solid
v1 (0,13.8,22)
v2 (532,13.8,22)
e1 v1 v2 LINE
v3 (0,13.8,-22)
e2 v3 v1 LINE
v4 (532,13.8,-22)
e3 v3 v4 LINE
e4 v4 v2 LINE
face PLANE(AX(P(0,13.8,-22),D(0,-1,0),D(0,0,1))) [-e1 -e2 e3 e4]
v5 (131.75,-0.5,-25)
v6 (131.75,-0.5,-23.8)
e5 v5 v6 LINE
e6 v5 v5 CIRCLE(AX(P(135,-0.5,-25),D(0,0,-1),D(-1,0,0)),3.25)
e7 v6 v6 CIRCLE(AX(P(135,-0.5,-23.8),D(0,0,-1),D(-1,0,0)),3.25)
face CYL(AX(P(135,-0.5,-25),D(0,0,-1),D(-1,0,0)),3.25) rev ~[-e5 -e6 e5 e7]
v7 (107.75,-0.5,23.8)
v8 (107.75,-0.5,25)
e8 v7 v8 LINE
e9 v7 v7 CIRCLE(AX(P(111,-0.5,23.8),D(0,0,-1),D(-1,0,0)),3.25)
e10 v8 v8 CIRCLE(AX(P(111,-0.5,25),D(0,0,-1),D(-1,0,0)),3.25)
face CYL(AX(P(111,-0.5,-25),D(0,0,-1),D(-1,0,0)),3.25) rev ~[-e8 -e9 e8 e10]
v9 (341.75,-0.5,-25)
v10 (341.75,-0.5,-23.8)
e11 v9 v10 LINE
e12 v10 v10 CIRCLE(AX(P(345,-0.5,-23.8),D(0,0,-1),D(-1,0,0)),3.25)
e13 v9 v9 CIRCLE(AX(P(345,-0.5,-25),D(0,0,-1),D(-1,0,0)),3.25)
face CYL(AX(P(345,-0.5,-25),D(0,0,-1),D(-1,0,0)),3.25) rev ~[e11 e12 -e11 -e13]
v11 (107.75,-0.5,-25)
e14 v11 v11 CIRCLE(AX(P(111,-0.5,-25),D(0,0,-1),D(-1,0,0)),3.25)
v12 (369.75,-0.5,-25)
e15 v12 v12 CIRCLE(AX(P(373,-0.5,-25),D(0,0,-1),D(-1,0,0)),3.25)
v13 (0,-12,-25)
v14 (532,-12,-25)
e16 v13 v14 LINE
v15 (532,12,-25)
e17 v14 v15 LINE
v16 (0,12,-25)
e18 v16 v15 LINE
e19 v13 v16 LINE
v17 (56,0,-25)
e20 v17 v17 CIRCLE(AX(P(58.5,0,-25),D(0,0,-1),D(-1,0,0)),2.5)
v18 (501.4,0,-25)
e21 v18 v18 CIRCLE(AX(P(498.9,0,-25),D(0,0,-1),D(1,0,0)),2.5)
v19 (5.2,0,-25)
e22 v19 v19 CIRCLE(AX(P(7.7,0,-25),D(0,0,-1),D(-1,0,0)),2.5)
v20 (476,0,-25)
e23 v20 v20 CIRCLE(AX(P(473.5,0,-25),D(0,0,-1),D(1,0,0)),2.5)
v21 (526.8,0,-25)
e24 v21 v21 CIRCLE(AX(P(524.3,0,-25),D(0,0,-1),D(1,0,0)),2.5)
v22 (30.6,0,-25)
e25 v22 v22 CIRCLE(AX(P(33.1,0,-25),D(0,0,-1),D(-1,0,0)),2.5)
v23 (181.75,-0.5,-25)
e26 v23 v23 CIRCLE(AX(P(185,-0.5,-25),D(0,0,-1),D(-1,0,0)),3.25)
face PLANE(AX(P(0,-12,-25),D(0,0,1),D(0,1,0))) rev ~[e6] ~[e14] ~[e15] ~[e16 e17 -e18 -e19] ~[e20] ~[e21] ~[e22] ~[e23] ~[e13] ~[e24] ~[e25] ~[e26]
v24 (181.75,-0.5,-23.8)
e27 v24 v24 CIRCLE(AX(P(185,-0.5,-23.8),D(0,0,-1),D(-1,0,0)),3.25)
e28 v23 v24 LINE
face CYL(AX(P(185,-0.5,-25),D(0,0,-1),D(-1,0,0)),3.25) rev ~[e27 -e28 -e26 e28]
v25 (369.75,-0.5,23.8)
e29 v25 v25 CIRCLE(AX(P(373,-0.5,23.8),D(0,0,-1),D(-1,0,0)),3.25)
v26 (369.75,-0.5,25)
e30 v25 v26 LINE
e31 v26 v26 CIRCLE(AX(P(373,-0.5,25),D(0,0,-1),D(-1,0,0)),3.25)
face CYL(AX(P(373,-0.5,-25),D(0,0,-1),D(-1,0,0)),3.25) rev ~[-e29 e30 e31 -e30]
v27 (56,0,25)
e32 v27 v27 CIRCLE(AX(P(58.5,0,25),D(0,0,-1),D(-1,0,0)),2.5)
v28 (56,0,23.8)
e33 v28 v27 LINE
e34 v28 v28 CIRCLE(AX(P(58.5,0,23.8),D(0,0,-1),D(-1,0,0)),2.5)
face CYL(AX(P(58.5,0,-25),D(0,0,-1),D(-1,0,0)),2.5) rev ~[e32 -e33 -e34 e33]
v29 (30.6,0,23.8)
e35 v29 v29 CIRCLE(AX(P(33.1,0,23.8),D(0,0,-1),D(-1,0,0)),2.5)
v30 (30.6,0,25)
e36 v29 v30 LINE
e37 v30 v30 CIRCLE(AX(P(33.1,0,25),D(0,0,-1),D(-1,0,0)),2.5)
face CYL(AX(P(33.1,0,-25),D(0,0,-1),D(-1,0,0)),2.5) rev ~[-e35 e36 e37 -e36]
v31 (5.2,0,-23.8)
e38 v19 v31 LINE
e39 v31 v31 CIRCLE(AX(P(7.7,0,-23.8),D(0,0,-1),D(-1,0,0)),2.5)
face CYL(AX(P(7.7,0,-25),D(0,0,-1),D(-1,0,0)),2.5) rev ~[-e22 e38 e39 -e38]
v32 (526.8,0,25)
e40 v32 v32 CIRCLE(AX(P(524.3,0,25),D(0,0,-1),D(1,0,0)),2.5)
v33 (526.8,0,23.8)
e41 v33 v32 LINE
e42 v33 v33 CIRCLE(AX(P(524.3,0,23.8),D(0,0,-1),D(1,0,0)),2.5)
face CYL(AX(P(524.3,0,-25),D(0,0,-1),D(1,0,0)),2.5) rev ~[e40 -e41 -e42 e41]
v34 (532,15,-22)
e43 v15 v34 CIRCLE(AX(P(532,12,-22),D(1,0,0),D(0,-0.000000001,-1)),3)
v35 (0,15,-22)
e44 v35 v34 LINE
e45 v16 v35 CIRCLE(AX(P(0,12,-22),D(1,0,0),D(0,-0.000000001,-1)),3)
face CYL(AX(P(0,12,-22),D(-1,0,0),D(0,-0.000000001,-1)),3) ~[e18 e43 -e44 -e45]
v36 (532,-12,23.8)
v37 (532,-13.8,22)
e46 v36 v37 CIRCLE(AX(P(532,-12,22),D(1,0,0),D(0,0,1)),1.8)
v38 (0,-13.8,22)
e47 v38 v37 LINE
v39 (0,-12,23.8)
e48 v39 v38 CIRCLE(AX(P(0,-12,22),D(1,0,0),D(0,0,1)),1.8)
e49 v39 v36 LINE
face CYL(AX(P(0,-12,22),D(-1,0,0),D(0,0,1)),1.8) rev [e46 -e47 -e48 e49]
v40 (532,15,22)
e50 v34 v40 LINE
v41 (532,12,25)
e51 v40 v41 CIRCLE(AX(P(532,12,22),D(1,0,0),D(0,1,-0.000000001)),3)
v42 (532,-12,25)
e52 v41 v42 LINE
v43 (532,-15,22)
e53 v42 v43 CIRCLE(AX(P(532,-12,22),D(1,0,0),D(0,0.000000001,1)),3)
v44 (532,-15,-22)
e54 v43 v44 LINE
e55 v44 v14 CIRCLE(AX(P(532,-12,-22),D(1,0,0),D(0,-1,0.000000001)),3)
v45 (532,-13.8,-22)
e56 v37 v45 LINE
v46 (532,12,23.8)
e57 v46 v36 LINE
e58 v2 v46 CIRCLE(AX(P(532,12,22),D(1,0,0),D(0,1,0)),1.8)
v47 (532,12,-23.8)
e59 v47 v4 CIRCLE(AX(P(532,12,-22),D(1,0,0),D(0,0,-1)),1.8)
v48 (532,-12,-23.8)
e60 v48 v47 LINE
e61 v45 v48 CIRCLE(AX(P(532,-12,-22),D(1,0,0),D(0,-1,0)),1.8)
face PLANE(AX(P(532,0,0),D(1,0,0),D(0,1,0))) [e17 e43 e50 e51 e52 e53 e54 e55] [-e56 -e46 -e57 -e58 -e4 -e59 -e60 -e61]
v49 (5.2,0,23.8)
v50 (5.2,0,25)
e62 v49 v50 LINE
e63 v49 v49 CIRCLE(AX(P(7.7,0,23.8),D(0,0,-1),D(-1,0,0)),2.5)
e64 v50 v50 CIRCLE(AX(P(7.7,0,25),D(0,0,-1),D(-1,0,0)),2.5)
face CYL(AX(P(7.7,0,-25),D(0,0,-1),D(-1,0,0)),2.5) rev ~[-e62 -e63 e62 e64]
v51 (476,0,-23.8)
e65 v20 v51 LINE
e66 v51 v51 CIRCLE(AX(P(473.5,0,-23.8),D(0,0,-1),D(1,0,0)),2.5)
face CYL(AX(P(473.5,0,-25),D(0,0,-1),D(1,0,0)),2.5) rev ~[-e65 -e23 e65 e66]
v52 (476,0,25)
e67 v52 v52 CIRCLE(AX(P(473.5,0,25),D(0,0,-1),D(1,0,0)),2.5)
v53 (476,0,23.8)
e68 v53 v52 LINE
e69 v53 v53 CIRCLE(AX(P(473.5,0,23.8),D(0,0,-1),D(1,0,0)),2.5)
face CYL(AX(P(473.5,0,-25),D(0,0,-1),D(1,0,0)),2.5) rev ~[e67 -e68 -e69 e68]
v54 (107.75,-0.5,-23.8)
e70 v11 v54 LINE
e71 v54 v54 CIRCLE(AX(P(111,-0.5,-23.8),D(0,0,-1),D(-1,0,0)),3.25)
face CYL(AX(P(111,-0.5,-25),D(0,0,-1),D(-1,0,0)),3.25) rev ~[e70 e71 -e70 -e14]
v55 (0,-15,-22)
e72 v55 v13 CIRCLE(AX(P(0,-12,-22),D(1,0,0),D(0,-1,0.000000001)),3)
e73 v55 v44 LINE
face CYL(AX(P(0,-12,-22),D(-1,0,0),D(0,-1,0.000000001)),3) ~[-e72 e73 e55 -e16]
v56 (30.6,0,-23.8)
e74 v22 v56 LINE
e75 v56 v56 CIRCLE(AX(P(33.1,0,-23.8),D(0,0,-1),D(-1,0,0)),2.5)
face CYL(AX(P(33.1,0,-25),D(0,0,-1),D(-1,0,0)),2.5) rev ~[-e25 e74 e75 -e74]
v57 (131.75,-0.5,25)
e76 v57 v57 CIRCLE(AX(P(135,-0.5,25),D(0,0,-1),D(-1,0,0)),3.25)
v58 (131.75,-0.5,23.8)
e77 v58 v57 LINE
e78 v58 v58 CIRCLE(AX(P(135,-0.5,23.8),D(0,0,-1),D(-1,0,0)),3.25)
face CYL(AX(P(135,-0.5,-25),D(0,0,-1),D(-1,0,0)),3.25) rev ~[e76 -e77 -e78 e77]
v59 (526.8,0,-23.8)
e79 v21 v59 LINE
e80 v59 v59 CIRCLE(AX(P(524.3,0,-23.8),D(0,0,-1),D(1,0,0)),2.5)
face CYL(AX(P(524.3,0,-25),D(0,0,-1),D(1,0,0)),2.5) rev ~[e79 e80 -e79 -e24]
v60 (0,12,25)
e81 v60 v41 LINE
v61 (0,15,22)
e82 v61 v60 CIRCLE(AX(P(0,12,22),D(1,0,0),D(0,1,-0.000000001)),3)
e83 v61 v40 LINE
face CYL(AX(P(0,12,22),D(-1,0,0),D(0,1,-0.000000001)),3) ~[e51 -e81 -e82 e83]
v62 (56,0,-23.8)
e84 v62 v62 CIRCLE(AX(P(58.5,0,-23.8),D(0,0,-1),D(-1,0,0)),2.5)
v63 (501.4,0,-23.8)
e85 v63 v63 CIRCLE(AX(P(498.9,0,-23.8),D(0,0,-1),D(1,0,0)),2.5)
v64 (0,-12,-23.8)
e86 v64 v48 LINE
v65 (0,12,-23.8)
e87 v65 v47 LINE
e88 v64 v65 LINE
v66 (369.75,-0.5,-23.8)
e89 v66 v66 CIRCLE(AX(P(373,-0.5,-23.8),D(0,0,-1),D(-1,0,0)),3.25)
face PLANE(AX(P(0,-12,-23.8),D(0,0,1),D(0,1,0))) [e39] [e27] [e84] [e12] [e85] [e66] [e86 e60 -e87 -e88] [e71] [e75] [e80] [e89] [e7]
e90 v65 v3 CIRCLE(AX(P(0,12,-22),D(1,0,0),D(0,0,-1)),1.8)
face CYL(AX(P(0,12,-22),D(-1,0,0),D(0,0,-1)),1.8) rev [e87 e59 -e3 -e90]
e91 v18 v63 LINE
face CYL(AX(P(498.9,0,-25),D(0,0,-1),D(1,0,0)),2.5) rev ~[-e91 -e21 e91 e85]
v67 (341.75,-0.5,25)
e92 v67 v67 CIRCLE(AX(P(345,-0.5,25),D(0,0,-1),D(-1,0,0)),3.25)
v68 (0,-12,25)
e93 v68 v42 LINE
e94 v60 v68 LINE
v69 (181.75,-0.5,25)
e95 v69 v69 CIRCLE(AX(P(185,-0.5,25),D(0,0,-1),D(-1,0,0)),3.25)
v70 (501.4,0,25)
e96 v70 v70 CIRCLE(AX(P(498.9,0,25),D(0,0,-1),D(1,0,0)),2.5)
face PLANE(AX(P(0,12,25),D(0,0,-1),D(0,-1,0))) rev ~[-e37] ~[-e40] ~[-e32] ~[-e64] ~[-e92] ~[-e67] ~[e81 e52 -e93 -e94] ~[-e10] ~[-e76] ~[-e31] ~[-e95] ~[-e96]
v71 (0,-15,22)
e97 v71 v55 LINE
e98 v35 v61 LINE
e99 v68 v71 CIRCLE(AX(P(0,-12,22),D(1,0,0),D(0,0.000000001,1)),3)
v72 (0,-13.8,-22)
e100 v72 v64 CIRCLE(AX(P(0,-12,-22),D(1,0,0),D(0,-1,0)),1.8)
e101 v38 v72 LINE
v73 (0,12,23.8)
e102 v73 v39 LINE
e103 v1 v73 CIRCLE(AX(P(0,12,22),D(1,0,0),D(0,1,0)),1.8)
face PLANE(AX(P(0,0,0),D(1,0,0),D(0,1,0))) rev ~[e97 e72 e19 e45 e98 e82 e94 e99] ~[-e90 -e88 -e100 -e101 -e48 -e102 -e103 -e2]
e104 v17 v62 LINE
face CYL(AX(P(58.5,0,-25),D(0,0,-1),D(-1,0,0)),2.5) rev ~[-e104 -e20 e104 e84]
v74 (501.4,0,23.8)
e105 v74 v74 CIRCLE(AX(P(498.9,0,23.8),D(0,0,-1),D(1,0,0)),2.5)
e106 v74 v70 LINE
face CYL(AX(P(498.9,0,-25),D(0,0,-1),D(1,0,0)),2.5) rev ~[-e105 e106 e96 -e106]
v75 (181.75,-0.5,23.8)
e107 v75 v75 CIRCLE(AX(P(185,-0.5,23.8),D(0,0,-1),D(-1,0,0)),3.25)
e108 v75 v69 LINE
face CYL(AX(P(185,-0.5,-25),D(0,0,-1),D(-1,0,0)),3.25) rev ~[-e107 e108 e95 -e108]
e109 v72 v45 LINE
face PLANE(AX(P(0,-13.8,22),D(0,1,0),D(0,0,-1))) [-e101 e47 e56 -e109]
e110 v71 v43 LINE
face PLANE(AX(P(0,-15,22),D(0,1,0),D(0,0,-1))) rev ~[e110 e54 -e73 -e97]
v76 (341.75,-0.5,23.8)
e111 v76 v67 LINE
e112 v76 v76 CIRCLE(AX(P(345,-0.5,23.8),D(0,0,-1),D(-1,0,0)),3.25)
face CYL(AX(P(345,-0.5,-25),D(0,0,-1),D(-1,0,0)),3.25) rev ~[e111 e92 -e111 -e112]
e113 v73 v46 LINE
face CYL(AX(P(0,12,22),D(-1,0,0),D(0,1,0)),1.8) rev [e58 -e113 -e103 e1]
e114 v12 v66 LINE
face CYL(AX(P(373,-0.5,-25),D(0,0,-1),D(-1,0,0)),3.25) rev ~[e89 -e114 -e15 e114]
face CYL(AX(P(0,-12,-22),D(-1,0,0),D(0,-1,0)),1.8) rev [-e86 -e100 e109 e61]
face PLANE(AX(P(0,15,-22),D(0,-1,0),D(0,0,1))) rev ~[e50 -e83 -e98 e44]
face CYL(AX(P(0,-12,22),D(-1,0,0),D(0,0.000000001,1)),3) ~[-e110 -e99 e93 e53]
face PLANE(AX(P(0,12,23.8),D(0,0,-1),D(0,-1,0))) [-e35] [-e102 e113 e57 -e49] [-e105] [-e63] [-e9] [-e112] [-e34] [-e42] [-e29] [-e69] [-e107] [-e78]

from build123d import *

# Parameters (mm, degrees)
TUBO_RETANGULAR_50_X_30_X_2_6_1_DEPTH = 532
ESBO_O2_R                             = 2.5
CORTE_EXTRUS_O1_DEPTH                 = 535.554955079
ESBO_O3_R                             = 3.25
CORTE_EXTRUS_O2_DEPTH                 = 535.554955079
ESBO_O4_R                             = 3.25
CORTE_EXTRUS_O3_DEPTH                 = 535.554955079


with BuildPart() as part:
    # Sketch1 → Tubo retangular 50 X 30 X 2.6(1) (new body)
    with BuildSketch(Plane.YZ):
        with BuildLine():
            Line((-12, -25), (12, -25))
            ThreePointArc((12, -25), (14.121320344, -24.121320344), (15, -22))
            Line((15, -22), (15, 22))
            ThreePointArc((15, 22), (14.121320344, 24.121320344), (12, 25))
            Line((12, 25), (-12, 25))
            ThreePointArc((-12, 25), (-14.121320344, 24.121320344), (-15, 22))
            Line((-15, 22), (-15, -22))
            ThreePointArc((-15, -22), (-14.121320344, -24.121320344), (-12, -25))
        make_face()
        with BuildLine():
            Line((-12, -23.8), (12, -23.8))
            ThreePointArc((12, -23.8), (13.272792206, -23.272792206), (13.8, -22))
            Line((13.8, -22), (13.8, 22))
            ThreePointArc((13.8, 22), (13.272792206, 23.272792206), (12, 23.8))
            Line((12, 23.8), (-12, 23.8))
            ThreePointArc((-12, 23.8), (-13.272792206, 23.272792206), (-13.8, 22))
            Line((-13.8, 22), (-13.8, -22))
            ThreePointArc((-13.8, -22), (-13.272792206, -23.272792206), (-12, -23.8))
        make_face(mode=Mode.SUBTRACT)
    extrude(amount=TUBO_RETANGULAR_50_X_30_X_2_6_1_DEPTH)

    # Esboço2 → Corte-extrusão1 (cut, through all)
    with BuildSketch(Plane(origin=(0, 0, -25), x_dir=(-1, 0, 0), z_dir=(0, 0, -1))):
        with Locations((-58.5, 0)):
            Circle(ESBO_O2_R)
        with Locations((-33.1, 0)):
            Circle(ESBO_O2_R)
        with Locations((-7.7, 0)):
            Circle(ESBO_O2_R)
        with Locations(Location((-524.3, 0, 0), (0, 0, 180))):
            Circle(ESBO_O2_R)
        with Locations(Location((-498.9, 0, 0), (0, 0, 180))):
            Circle(ESBO_O2_R)
        with Locations(Location((-473.5, 0, 0), (0, 0, 180))):
            Circle(ESBO_O2_R)
    extrude(amount=-CORTE_EXTRUS_O1_DEPTH, mode=Mode.SUBTRACT)

    # Esboço3 → Corte-extrusão2 (cut, through all)
    with BuildSketch(Plane(origin=(0, 0, -25), x_dir=(-1, 0, 0), z_dir=(0, 0, -1))):
        with Locations((-185, -0.5)):
            Circle(ESBO_O3_R)
        with Locations((-111, -0.5)):
            Circle(ESBO_O3_R)
        with Locations((-373, -0.5)):
            Circle(ESBO_O3_R)
    extrude(amount=-CORTE_EXTRUS_O2_DEPTH, mode=Mode.SUBTRACT)

    # Esboço4 → Corte-extrusão3 (cut, through all)
    with BuildSketch(Plane(origin=(0, 0, -25), x_dir=(-1, 0, 0), z_dir=(0, 0, -1))):
        with Locations((-345, -0.5)):
            Circle(ESBO_O4_R)
        with Locations((-135, -0.5)):
            Circle(ESBO_O4_R)
    extrude(amount=-CORTE_EXTRUS_O3_DEPTH, mode=Mode.SUBTRACT)


solid = part.part
